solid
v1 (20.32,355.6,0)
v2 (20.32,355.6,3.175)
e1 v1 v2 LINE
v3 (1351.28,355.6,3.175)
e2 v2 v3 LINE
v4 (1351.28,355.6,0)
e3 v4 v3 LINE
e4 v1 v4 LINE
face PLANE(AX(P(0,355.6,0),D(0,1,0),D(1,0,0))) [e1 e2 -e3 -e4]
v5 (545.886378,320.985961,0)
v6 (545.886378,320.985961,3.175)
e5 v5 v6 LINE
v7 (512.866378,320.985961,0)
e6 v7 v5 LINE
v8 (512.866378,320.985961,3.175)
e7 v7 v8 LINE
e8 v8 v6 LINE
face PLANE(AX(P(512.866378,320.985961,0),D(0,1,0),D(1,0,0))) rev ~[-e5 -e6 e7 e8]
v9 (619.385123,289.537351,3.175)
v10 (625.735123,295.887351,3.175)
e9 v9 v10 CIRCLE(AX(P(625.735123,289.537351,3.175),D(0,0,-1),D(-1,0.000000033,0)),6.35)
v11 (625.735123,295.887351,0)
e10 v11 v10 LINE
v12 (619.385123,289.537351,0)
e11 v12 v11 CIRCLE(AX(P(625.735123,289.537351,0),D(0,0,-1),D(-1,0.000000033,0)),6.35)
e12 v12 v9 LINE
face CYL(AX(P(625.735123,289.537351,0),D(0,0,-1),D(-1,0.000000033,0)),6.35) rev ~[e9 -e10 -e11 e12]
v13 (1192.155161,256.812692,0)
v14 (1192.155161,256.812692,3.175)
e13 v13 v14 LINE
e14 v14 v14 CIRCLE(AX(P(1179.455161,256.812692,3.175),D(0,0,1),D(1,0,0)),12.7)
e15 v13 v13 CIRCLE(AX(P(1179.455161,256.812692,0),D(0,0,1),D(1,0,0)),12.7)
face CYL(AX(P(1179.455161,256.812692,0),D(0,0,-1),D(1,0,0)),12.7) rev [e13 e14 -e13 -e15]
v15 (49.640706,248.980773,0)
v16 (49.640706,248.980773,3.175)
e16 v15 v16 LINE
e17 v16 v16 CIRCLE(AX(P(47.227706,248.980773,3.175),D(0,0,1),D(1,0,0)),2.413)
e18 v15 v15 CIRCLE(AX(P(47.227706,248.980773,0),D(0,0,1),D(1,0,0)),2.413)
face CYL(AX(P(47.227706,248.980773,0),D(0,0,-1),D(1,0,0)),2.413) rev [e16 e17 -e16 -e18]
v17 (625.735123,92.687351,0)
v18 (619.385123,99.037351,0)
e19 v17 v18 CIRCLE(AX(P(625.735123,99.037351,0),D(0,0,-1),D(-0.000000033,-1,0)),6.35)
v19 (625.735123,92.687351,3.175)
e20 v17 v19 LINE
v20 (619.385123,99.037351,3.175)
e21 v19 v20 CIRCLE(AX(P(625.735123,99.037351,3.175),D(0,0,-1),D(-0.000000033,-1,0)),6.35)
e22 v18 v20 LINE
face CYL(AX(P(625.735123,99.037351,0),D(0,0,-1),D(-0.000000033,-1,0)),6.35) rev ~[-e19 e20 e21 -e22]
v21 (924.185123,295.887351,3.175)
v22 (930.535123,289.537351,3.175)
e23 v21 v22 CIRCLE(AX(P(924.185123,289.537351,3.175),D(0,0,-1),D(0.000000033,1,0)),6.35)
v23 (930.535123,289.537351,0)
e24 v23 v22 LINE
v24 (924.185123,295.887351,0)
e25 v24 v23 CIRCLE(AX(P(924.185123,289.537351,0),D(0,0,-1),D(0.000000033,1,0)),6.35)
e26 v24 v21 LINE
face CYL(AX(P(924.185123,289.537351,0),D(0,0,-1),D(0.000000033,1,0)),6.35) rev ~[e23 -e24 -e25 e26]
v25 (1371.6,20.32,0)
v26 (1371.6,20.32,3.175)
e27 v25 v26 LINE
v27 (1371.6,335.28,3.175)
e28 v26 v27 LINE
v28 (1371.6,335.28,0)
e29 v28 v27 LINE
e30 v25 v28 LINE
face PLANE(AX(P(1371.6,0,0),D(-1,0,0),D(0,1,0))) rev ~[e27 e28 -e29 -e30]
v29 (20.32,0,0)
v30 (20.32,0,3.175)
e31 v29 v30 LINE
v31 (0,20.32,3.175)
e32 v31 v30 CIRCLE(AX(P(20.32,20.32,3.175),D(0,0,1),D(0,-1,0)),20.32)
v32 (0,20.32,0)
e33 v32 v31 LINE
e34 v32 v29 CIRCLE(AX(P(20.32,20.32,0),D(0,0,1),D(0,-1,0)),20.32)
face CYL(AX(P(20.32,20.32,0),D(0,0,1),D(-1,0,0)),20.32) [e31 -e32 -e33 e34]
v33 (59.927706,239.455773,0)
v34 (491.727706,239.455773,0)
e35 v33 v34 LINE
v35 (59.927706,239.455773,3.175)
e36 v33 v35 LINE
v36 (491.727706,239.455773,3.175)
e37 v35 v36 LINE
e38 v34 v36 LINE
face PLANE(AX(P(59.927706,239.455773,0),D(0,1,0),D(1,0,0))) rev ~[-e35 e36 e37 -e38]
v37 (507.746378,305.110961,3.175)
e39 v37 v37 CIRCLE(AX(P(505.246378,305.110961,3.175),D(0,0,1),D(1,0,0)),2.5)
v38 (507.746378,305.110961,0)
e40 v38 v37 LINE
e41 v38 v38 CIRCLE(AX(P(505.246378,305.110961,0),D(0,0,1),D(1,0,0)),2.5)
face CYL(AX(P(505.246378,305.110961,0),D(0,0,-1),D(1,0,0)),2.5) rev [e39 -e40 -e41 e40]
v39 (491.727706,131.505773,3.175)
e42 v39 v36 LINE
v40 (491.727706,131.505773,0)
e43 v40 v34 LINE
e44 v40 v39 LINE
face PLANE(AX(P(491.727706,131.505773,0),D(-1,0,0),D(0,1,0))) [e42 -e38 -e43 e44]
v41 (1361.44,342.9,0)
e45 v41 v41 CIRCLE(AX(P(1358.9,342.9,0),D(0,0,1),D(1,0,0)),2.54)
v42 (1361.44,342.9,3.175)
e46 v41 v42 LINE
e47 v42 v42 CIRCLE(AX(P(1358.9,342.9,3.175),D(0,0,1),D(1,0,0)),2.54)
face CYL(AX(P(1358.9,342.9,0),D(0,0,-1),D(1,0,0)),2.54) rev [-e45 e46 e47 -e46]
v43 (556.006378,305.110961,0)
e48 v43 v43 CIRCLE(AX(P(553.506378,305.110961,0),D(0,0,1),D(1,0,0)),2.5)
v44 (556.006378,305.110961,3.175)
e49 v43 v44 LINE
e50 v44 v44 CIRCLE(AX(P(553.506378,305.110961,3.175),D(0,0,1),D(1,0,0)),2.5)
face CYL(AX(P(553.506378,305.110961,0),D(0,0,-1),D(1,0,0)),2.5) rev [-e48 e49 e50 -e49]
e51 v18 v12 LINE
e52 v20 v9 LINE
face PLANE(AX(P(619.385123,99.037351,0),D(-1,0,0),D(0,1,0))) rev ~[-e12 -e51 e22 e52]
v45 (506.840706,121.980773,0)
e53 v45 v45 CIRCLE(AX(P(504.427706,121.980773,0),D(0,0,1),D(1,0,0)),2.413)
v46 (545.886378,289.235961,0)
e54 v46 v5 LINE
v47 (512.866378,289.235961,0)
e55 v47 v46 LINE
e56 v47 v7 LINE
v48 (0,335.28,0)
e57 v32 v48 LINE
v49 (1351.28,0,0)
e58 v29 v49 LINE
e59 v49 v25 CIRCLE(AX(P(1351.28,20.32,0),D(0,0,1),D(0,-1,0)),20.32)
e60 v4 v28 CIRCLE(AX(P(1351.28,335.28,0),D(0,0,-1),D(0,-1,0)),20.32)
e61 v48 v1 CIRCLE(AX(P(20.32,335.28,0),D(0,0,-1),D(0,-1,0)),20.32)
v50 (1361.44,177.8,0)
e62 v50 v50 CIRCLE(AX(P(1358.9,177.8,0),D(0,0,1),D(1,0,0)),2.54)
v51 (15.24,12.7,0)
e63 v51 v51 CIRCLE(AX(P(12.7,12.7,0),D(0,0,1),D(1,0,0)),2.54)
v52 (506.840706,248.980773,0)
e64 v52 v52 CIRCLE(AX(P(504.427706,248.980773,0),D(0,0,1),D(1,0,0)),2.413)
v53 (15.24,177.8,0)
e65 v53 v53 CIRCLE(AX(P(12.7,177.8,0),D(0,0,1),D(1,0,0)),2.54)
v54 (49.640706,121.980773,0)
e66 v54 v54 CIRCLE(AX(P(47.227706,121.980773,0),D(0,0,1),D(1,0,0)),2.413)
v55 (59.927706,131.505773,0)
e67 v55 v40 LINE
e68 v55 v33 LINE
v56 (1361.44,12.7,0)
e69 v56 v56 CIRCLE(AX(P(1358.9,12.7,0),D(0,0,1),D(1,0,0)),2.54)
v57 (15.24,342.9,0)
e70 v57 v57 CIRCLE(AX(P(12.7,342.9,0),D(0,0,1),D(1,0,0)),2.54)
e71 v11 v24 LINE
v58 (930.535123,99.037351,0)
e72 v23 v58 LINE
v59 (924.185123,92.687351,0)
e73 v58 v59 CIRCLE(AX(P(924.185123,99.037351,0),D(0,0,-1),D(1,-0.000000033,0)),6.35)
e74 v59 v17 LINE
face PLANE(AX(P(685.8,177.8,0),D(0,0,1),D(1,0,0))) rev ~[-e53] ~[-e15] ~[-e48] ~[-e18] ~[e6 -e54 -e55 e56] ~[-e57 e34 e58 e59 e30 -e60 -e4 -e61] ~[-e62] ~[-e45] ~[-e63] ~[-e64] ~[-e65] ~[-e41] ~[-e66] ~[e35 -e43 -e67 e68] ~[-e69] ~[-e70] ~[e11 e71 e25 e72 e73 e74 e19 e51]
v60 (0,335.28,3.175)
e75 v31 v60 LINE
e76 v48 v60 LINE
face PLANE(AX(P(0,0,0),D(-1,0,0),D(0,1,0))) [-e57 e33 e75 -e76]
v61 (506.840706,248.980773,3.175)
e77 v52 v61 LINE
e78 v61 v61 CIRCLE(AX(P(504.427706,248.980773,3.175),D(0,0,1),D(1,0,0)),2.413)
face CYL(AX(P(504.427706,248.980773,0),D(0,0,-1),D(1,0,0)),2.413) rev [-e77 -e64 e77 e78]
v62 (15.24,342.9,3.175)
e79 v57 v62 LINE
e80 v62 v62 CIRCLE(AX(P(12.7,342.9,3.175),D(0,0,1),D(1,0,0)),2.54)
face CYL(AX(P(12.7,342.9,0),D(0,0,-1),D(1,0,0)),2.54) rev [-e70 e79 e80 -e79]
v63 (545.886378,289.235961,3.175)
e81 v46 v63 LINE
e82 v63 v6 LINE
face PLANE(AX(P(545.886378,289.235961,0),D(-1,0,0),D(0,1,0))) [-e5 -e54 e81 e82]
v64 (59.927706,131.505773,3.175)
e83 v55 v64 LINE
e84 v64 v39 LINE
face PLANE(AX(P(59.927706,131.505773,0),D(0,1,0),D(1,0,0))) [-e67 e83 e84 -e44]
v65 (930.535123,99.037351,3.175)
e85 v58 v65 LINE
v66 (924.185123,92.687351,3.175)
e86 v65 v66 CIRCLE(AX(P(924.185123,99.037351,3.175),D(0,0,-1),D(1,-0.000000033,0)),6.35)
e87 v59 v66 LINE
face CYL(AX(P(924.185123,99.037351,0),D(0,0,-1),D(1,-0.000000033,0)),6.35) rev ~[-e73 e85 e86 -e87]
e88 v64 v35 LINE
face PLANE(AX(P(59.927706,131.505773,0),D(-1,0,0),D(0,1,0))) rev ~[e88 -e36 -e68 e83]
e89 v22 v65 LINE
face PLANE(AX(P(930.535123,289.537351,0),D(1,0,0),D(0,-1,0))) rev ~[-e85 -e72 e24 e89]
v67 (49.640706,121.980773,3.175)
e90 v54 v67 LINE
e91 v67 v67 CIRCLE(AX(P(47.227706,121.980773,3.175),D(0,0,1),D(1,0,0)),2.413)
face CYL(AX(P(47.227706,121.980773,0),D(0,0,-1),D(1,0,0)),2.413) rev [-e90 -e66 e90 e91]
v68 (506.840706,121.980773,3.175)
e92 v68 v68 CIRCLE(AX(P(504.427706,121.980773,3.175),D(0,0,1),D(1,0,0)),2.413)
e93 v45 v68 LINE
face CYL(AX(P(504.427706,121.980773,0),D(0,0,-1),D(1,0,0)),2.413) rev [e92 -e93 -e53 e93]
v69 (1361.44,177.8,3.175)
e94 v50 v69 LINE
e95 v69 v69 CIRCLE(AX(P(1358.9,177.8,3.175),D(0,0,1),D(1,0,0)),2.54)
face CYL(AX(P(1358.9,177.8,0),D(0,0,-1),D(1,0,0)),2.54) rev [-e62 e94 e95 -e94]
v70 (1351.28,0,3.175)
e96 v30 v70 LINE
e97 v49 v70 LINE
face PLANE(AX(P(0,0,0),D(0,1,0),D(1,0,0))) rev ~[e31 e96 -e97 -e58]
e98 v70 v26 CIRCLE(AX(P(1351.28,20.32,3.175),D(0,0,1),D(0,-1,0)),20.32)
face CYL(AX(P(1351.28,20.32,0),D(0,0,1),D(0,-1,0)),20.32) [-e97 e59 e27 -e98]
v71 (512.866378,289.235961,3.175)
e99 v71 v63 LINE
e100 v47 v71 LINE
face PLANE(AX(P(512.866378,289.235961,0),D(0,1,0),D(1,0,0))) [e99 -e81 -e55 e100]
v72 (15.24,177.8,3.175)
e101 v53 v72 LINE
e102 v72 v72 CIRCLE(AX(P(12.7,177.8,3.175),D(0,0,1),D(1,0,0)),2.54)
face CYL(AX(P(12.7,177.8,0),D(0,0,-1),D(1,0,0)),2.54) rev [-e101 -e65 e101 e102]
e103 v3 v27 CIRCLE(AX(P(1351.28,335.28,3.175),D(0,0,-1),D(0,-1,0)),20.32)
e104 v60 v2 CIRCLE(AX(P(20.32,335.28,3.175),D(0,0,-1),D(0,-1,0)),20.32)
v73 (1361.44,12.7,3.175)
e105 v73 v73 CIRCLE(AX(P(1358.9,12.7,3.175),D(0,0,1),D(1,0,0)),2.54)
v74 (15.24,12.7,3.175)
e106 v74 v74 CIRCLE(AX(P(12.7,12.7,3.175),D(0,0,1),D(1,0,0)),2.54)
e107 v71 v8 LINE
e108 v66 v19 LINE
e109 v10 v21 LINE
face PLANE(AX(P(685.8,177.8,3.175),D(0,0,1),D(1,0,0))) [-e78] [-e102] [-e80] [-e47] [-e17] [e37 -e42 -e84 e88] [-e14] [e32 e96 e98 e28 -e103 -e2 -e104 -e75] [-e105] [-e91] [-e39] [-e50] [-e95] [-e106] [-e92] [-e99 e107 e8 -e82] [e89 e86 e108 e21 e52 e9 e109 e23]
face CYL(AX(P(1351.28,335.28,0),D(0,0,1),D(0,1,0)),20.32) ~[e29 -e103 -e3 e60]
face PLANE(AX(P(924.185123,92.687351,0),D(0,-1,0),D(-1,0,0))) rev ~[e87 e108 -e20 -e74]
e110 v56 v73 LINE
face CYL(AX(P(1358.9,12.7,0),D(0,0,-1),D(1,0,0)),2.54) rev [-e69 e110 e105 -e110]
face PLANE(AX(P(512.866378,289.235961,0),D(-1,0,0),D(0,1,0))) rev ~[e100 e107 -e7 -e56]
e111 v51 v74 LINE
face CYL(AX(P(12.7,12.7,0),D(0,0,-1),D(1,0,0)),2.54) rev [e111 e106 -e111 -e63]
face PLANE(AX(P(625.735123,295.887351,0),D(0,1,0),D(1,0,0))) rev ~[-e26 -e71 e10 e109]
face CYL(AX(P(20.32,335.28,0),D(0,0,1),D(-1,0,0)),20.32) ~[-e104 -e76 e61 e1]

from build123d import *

# Parameters (mm, degrees)
F0_W     = 1371.6
F0_H     = 355.6
F0_R     = 2.54
F0_R_2   = 2.413
F0_W_2   = 431.8
F0_H_2   = 107.95
F0_R_3   = 2.5
F0_W_3   = 33.02
F0_H_3   = 31.75
F0_R_4   = 12.7
F1_DEPTH = 3.175
F2_R     = 20.32


with BuildPart() as f1:
    # F0 (on Top) → F1 (new body)
    with BuildSketch(Plane.XY):
        with Locations((685.8, 177.8)):
            Rectangle(F0_W, F0_H)
        with Locations((12.7, 12.7)):
            Circle(F0_R, mode=Mode.SUBTRACT)
        with Locations((47.227706, 121.980773)):
            Circle(F0_R_2, mode=Mode.SUBTRACT)
        with Locations((504.427706, 121.980773)):
            Circle(F0_R_2, mode=Mode.SUBTRACT)
        with Locations((1358.9, 12.7)):
            Circle(F0_R, mode=Mode.SUBTRACT)
        with Locations((12.7, 177.8)):
            Circle(F0_R, mode=Mode.SUBTRACT)
        with Locations((275.827706, 185.480773)):
            Rectangle(F0_W_2, F0_H_2, mode=Mode.SUBTRACT)
        with Locations((47.227706, 248.980773)):
            Circle(F0_R_2, mode=Mode.SUBTRACT)
        with Locations((504.427706, 248.980773)):
            Circle(F0_R_2, mode=Mode.SUBTRACT)
        with Locations((12.7, 342.9)):
            Circle(F0_R, mode=Mode.SUBTRACT)
        with Locations((505.246378, 305.110961)):
            Circle(F0_R_3, mode=Mode.SUBTRACT)
        with Locations((529.376378, 305.110961)):
            Rectangle(F0_W_3, F0_H_3, mode=Mode.SUBTRACT)
        with Locations((553.506378, 305.110961)):
            Circle(F0_R_3, mode=Mode.SUBTRACT)
        with BuildLine():
            ThreePointArc((619.385123, 289.537351), (621.244995, 294.027479), (625.735123, 295.887351))
            Line((625.735123, 295.887351), (924.185123, 295.887351))
            ThreePointArc((924.185123, 295.887351), (928.675251, 294.027479), (930.535123, 289.537351))
            Line((930.535123, 289.537351), (930.535123, 99.037351))
            ThreePointArc((930.535123, 99.037351), (928.675251, 94.547223), (924.185123, 92.687351))
            Line((924.185123, 92.687351), (625.735123, 92.687351))
            ThreePointArc((625.735123, 92.687351), (621.244995, 94.547223), (619.385123, 99.037351))
            Line((619.385123, 99.037351), (619.385123, 289.537351))
        make_face(mode=Mode.SUBTRACT)
        with Locations((1358.9, 177.8)):
            Circle(F0_R, mode=Mode.SUBTRACT)
        with Locations((1179.455161, 256.812692)):
            Circle(F0_R_4, mode=Mode.SUBTRACT)
        with Locations((1358.9, 342.9)):
            Circle(F0_R, mode=Mode.SUBTRACT)
    extrude(amount=F1_DEPTH)

    # F2
    f2_edges = [f1.edges().sort_by_distance(p)[0] for p in [
        (0, 355.6, 1.5875),
        (0, 0, 1.5875),
        (1371.6, 0, 1.5875),
        (1371.6, 355.6, 1.5875),
    ]]
    fillet(f2_edges, radius=F2_R)


solid = f1.part
